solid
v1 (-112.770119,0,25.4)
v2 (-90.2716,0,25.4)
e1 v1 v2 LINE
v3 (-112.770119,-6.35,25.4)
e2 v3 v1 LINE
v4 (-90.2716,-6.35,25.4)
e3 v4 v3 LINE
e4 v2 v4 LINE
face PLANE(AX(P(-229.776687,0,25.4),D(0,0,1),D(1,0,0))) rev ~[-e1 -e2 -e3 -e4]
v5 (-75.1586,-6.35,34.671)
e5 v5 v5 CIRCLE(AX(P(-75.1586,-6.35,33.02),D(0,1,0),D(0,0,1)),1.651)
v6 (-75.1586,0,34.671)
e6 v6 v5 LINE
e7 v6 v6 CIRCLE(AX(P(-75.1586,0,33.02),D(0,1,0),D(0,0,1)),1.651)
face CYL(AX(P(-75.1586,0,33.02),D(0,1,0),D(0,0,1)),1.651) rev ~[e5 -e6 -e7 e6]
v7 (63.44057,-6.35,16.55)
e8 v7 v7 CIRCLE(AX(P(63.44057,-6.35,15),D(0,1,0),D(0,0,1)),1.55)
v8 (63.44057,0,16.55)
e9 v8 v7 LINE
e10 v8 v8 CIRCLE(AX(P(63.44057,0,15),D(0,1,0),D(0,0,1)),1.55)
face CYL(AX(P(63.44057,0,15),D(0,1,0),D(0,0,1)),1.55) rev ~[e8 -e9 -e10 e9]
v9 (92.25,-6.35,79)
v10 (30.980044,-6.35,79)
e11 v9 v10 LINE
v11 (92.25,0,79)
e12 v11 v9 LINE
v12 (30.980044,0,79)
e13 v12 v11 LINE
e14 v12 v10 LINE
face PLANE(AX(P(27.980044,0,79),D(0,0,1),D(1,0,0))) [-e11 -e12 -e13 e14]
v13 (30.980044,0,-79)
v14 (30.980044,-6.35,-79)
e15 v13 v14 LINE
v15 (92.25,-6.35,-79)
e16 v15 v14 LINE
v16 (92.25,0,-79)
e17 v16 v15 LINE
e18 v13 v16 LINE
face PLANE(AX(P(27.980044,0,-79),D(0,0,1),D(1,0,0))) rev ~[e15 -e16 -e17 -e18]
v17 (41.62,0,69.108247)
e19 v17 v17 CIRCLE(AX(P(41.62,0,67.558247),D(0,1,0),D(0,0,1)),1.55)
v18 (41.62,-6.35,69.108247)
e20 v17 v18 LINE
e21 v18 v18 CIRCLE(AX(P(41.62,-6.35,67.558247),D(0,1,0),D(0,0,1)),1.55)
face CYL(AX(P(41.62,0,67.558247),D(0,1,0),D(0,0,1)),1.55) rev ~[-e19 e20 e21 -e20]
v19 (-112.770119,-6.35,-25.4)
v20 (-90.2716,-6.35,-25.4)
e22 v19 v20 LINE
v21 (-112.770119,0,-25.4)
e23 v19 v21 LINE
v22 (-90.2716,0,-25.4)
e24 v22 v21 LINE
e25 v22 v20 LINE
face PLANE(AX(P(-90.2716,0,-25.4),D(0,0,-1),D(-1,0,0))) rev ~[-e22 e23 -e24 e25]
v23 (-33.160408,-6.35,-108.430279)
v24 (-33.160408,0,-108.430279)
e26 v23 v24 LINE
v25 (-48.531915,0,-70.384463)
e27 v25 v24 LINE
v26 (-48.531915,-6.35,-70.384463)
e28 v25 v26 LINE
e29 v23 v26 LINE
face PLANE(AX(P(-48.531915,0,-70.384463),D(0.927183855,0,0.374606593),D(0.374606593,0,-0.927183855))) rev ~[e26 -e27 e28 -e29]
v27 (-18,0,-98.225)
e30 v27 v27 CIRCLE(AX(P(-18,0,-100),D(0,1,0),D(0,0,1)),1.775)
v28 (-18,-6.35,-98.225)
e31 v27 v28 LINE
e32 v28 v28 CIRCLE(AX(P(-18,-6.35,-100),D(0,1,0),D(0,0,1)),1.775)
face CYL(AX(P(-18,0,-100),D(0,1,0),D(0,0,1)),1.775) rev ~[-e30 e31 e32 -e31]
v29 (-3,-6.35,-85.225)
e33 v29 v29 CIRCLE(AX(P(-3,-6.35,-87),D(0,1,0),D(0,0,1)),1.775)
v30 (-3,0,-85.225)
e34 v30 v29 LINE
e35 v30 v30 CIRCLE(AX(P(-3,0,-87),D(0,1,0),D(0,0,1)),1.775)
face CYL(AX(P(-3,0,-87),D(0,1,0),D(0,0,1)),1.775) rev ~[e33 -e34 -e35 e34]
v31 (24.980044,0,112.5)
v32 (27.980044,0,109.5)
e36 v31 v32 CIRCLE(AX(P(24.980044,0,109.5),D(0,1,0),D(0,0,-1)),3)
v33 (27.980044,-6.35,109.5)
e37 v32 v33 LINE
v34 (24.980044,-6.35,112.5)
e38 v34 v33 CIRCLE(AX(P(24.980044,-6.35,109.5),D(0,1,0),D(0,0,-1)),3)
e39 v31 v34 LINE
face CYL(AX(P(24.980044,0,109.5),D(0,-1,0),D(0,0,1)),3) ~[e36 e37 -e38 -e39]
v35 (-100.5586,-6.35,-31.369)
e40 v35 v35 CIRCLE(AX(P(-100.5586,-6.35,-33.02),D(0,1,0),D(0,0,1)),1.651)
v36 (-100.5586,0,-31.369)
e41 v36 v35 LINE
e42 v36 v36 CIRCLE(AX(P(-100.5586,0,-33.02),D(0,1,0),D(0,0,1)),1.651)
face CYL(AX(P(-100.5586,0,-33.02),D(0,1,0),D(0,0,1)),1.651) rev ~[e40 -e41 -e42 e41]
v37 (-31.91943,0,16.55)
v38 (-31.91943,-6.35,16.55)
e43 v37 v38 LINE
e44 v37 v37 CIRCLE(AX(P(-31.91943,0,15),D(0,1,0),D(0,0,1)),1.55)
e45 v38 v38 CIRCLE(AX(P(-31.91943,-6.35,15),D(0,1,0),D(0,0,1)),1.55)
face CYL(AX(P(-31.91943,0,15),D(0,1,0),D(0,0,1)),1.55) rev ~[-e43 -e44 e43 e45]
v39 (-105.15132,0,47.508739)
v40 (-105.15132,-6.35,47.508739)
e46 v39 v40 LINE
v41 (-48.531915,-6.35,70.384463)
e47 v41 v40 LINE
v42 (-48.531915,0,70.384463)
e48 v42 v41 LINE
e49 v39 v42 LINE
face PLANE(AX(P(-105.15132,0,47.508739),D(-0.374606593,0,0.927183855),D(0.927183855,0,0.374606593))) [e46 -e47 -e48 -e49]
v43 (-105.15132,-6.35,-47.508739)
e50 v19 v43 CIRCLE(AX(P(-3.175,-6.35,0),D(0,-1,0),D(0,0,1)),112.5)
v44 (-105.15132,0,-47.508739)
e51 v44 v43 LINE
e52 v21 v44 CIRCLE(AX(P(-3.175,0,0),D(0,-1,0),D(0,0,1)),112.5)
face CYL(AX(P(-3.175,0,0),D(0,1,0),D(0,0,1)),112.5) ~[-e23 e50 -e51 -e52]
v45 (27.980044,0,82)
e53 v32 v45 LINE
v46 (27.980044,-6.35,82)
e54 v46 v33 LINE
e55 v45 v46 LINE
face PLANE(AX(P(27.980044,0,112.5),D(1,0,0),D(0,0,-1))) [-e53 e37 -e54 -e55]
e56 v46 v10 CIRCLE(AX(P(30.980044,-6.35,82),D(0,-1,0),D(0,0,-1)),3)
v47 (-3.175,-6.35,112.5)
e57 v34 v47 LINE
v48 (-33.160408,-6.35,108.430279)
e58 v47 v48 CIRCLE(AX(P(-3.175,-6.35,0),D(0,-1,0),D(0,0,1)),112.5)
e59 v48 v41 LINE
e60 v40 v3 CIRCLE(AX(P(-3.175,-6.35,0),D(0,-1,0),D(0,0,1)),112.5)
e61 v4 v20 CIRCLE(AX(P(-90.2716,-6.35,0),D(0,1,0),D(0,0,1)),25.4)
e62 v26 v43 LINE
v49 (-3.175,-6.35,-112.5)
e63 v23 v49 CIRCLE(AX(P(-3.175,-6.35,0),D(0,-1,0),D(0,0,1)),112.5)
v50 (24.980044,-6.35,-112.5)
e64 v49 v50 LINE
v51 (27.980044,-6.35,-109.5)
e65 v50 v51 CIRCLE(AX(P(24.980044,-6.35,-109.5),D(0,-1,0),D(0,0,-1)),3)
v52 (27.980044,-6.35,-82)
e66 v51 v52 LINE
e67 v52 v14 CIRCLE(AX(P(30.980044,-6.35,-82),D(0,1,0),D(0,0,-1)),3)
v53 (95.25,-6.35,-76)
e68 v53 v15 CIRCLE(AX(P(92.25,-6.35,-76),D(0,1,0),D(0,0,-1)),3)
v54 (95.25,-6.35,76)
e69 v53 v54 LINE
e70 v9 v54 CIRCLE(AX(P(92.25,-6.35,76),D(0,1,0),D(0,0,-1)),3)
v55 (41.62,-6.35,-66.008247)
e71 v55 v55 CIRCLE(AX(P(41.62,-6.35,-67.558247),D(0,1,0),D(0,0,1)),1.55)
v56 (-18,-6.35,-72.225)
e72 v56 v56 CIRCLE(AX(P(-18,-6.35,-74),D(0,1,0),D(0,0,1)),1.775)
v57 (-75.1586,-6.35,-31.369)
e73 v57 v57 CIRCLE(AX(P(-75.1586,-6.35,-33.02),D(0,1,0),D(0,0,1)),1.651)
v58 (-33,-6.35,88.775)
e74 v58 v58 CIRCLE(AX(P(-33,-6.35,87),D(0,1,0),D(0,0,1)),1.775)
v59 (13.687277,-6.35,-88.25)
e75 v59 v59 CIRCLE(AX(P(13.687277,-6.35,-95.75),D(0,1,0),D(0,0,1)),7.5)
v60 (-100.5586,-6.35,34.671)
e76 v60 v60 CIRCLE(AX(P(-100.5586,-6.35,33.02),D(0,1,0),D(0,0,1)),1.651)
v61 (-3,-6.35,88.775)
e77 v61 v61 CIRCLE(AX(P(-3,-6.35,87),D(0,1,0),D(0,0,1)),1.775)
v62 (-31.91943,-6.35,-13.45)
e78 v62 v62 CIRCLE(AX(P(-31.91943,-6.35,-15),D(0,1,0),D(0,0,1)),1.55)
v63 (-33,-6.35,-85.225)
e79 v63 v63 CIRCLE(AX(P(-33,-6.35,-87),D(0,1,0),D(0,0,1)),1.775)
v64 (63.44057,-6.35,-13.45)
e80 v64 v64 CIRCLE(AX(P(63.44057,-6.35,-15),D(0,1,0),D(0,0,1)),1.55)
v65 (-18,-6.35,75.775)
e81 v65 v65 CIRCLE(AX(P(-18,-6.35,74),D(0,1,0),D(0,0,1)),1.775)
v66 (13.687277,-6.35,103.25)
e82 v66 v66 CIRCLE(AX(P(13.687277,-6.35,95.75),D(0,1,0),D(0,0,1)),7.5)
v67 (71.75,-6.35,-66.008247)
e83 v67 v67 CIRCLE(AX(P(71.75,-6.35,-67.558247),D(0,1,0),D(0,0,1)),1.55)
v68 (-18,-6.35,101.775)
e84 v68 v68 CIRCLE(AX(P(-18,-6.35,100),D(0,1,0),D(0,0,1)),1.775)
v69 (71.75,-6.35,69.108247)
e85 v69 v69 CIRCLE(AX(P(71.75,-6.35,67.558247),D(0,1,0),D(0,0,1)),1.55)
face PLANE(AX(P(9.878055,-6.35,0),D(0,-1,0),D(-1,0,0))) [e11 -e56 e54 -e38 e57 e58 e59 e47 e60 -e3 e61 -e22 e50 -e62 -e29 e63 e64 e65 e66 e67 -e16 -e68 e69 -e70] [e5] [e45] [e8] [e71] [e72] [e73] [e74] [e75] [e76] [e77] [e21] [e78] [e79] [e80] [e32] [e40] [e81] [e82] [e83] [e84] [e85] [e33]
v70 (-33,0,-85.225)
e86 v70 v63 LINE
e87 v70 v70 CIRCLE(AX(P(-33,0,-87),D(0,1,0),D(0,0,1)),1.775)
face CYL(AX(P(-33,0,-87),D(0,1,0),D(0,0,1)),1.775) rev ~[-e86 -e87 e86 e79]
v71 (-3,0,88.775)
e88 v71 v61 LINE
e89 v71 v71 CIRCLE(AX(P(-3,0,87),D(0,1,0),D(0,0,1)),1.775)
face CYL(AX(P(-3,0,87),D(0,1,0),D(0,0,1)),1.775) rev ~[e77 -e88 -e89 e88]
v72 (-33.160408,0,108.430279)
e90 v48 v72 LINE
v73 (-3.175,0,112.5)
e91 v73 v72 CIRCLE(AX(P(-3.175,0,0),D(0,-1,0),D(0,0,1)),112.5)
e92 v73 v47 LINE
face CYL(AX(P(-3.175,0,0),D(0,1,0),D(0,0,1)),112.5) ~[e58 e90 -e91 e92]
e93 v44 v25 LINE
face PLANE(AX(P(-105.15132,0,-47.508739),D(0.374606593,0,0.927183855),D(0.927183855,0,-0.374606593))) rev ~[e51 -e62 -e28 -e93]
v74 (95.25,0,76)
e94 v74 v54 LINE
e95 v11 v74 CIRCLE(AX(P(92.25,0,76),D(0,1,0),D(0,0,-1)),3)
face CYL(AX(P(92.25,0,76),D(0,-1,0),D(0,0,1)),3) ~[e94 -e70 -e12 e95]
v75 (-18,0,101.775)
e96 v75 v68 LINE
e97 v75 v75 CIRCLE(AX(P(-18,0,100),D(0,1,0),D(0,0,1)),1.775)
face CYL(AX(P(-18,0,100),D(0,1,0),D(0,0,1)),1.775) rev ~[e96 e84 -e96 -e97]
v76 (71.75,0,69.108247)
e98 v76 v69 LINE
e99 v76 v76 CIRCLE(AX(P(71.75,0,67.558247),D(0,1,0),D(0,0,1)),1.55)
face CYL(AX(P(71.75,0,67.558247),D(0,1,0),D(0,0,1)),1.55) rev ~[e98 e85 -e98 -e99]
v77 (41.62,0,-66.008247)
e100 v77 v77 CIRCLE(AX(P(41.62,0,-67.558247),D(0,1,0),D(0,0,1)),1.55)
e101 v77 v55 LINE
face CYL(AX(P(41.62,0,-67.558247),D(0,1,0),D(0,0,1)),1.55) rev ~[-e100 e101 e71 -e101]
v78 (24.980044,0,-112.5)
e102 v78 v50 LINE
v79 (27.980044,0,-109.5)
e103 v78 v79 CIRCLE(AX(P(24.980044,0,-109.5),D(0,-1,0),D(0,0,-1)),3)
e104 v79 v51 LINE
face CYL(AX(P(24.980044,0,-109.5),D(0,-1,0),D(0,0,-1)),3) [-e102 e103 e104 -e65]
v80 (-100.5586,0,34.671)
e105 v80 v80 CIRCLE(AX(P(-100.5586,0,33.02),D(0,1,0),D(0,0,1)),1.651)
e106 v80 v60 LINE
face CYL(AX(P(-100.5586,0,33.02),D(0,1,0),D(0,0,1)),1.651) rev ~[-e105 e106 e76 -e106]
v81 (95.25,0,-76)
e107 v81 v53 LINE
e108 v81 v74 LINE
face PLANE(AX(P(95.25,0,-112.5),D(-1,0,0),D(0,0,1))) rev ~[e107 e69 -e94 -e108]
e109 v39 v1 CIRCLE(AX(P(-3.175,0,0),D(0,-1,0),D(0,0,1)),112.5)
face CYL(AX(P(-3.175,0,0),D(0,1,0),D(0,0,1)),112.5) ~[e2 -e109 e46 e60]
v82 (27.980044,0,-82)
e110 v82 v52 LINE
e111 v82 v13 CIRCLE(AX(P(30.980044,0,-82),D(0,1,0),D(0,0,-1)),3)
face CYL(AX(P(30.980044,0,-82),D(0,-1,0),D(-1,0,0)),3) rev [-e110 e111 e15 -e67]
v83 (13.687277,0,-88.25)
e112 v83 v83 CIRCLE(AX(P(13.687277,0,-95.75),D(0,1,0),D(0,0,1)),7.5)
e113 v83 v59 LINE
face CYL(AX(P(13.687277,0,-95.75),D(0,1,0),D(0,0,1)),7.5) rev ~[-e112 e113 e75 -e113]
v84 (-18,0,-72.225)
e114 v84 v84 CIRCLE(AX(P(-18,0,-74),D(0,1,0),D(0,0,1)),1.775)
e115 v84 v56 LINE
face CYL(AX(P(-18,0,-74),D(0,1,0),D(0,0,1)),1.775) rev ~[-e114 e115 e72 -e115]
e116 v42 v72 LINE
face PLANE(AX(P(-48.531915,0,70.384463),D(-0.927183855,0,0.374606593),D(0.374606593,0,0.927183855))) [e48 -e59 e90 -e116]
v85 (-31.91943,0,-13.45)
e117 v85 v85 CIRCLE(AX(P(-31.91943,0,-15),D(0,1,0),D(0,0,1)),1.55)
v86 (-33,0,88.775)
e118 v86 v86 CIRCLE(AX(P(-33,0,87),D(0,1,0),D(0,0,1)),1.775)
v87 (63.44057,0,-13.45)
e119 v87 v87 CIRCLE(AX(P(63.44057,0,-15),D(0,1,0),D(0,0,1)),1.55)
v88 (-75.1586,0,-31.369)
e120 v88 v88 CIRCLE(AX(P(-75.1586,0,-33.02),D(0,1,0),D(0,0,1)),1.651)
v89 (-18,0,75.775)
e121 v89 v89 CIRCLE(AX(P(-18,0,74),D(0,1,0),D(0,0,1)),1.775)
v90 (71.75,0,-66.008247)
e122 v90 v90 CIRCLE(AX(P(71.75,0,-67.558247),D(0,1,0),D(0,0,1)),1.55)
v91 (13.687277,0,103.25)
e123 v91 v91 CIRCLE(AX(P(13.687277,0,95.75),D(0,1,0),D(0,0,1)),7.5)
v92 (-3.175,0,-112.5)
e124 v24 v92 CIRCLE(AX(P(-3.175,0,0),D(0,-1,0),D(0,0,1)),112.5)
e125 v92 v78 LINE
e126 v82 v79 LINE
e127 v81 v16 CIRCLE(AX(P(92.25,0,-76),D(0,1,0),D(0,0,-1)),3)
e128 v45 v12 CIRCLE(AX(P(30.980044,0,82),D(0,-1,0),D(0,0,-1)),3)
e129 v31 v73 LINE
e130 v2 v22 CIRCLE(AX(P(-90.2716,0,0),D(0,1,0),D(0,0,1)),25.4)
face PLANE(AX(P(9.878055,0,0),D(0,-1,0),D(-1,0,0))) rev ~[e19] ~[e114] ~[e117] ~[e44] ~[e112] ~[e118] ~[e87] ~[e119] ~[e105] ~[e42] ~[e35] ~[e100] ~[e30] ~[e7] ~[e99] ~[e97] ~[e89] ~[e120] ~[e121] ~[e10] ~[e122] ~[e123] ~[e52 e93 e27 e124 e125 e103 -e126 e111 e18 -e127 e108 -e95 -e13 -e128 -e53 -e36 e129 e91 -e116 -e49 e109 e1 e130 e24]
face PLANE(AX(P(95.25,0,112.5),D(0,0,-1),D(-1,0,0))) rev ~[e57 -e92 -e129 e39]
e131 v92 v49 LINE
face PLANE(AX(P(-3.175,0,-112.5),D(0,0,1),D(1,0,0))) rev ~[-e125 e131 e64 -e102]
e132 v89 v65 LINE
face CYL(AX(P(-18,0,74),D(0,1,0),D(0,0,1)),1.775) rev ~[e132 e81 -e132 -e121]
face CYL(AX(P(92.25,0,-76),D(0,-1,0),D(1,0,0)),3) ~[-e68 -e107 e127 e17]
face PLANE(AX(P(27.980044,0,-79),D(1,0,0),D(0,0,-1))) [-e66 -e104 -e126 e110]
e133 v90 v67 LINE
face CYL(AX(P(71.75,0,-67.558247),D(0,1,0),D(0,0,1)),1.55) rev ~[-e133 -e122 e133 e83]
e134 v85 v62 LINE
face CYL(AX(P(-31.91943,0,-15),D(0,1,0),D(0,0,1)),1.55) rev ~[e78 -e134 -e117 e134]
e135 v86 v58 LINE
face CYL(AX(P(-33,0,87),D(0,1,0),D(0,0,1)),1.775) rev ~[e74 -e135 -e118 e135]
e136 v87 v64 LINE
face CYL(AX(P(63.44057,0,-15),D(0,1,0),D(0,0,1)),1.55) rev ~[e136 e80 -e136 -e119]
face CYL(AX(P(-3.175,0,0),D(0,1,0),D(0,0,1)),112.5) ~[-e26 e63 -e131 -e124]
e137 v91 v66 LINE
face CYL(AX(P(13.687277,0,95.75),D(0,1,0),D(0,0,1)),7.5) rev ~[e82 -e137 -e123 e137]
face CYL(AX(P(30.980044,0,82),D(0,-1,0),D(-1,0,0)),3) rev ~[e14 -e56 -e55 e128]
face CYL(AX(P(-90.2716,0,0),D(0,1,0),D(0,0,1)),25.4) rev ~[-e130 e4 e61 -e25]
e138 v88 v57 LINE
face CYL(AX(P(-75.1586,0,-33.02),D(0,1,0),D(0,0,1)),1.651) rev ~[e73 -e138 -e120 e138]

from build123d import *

# Parameters (mm, degrees)
BOSS_EXTRUDE1_DEPTH = 6.35
SKETCH8_R           = 1.651
CUT_EXTRUDE5_DEPTH  = 162.484606465
CUT_EXTRUDE6_DEPTH  = 160.416662013
SKETCH16_R          = 1.775
CUT_EXTRUDE9_DEPTH  = 160.416662013
SKETCH17_R          = 1.55
SKETCH17_R_2        = 7.5
SKETCH17_W          = 67.26995632
SKETCH17_H          = 33.5
CUT_EXTRUDE10_DEPTH = 160.416662013
FILLET1_R           = 3
SKETCH18_R          = 1.55
CUT_EXTRUDE11_DEPTH = 160.416662013


with BuildPart() as part:
    # Sketch1 → Boss-Extrude1 (new body)
    with BuildSketch(Plane(origin=(0, 0, 0), x_dir=(1, 0, 0), z_dir=(0, 1, 0))):
        with BuildLine():
            Line((-3.175, 112.5), (95.25, 112.5))
            Line((95.25, 112.5), (95.25, -112.5))
            Line((95.25, -112.5), (-3.175, -112.5))
            ThreePointArc((-3.175, -112.5), (-115.675, 0), (-3.175, 112.5))
        make_face()
    extrude(amount=-BOSS_EXTRUDE1_DEPTH)

    # Sketch8 → Cut-Extrude5 (cut, through all)
    with BuildSketch(Plane(origin=(0, 0, 0), x_dir=(1, 0, 0), z_dir=(0, 1, 0))):
        with Locations(Location((-100.5586, 33.02, 0), (0, 0, 270))):
            Circle(SKETCH8_R)
        with Locations(Location((-100.5586, -33.02, 0), (0, 0, 270))):
            Circle(SKETCH8_R)
        with Locations(Location((-75.1586, 33.02, 0), (0, 0, 270))):
            Circle(SKETCH8_R)
        with Locations(Location((-75.1586, -33.02, 0), (0, 0, 270))):
            Circle(SKETCH8_R)
        with BuildLine():
            Line((-90.2716, 25.4), (-229.776686608, 25.4))
            Line((-229.776686608, 25.4), (-229.776686608, -25.4))
            Line((-229.776686608, -25.4), (-90.2716, -25.4))
            ThreePointArc((-90.2716, -25.4), (-64.8716, 0), (-90.2716, 25.4))
        make_face()
    extrude(amount=-CUT_EXTRUDE5_DEPTH, mode=Mode.SUBTRACT)

    # Sketch9 → Cut-Extrude6 (cut, through all)
    with BuildSketch(Plane(origin=(0, 0, 0), x_dir=(1, 0, 0), z_dir=(0, 1, 0))):
        Polygon((-105.15131959, 47.508738596), (-48.53191541, 70.384462776), (-12.279886537, 160.111382848), (-19.546794421, 160.111382848), (-135.640402248, 160.111382848), (-135.640402248, 47.508738596), align=None)
        Polygon((-105.15131959, -47.508738596), (-48.53191541, -70.384462776), (-12.279886537, -160.111382848), (-135.640402248, -160.111382848), (-135.640402248, -47.508738596), align=None)
    extrude(amount=-CUT_EXTRUDE6_DEPTH, mode=Mode.SUBTRACT)

    # Sketch16 → Cut-Extrude9 (cut, through all)
    with BuildSketch(Plane(origin=(0, 0, 0), x_dir=(1, 0, 0), z_dir=(0, 1, 0))):
        with Locations(Location((-33, -87, 0), (0, 0, 270))):
            Circle(SKETCH16_R)
        with Locations(Location((-18, -100, 0), (0, 0, 270))):
            Circle(SKETCH16_R)
        with Locations(Location((-18, -74, 0), (0, 0, 270))):
            Circle(SKETCH16_R)
        with Locations(Location((-3, -87, 0), (0, 0, 270))):
            Circle(SKETCH16_R)
        with Locations(Location((-33, 87, 0), (0, 0, 270))):
            Circle(SKETCH16_R)
        with Locations(Location((-18, 100, 0), (0, 0, 270))):
            Circle(SKETCH16_R)
        with Locations(Location((-18, 74, 0), (0, 0, 270))):
            Circle(SKETCH16_R)
        with Locations(Location((-3, 87, 0), (0, 0, 270))):
            Circle(SKETCH16_R)
    extrude(amount=-CUT_EXTRUDE9_DEPTH, mode=Mode.SUBTRACT)

    # Sketch17 → Cut-Extrude10 (cut, through all)
    with BuildSketch(Plane(origin=(0, 0, 0), x_dir=(1, 0, 0), z_dir=(0, 1, 0))):
        with Locations(Location((41.62, 67.558247154, 0), (0, 0, 270))):
            Circle(SKETCH17_R)
        with Locations(Location((71.75, 67.558247154, 0), (0, 0, 270))):
            Circle(SKETCH17_R)
        with Locations(Location((41.62, -67.558247154, 0), (0, 0, 270))):
            Circle(SKETCH17_R)
        with Locations(Location((71.75, -67.558247154, 0), (0, 0, 270))):
            Circle(SKETCH17_R)
        with Locations(Location((13.687276501, 95.75, 0), (0, 0, 270))):
            Circle(SKETCH17_R_2)
        with Locations(Location((13.687276501, -95.75, 0), (0, 0, 270))):
            Circle(SKETCH17_R_2)
        with Locations((61.61502184, 95.75)):
            Rectangle(SKETCH17_W, SKETCH17_H)
        with Locations((61.61502184, -95.75)):
            Rectangle(SKETCH17_W, SKETCH17_H)
    extrude(amount=-CUT_EXTRUDE10_DEPTH, mode=Mode.SUBTRACT)

    # Fillet1
    fillet1_edges = [part.edges().sort_by_distance(p)[0] for p in [
        (95.25, -3.175, -79),
        (27.98004368, -3.175, -79),
        (27.98004368, -3.175, -112.5),
        (95.25, -3.175, 79),
        (27.98004368, -3.175, 112.5),
        (27.98004368, -3.175, 79),
    ]]
    fillet(fillet1_edges, radius=FILLET1_R)

    # Sketch18 → Cut-Extrude11 (cut, through all)
    with BuildSketch(Plane(origin=(0, 0, 0), x_dir=(1, 0, 0), z_dir=(0, 1, 0))):
        with Locations(Location((-31.919429563, 15, 0), (0, 0, 270))):
            Circle(SKETCH18_R)
        with Locations(Location((-31.919429563, -15, 0), (0, 0, 270))):
            Circle(SKETCH18_R)
        with Locations(Location((63.440570437, 15, 0), (0, 0, 270))):
            Circle(SKETCH18_R)
        with Locations(Location((63.440570437, -15, 0), (0, 0, 270))):
            Circle(SKETCH18_R)
    extrude(amount=-CUT_EXTRUDE11_DEPTH, mode=Mode.SUBTRACT)


solid = part.part
